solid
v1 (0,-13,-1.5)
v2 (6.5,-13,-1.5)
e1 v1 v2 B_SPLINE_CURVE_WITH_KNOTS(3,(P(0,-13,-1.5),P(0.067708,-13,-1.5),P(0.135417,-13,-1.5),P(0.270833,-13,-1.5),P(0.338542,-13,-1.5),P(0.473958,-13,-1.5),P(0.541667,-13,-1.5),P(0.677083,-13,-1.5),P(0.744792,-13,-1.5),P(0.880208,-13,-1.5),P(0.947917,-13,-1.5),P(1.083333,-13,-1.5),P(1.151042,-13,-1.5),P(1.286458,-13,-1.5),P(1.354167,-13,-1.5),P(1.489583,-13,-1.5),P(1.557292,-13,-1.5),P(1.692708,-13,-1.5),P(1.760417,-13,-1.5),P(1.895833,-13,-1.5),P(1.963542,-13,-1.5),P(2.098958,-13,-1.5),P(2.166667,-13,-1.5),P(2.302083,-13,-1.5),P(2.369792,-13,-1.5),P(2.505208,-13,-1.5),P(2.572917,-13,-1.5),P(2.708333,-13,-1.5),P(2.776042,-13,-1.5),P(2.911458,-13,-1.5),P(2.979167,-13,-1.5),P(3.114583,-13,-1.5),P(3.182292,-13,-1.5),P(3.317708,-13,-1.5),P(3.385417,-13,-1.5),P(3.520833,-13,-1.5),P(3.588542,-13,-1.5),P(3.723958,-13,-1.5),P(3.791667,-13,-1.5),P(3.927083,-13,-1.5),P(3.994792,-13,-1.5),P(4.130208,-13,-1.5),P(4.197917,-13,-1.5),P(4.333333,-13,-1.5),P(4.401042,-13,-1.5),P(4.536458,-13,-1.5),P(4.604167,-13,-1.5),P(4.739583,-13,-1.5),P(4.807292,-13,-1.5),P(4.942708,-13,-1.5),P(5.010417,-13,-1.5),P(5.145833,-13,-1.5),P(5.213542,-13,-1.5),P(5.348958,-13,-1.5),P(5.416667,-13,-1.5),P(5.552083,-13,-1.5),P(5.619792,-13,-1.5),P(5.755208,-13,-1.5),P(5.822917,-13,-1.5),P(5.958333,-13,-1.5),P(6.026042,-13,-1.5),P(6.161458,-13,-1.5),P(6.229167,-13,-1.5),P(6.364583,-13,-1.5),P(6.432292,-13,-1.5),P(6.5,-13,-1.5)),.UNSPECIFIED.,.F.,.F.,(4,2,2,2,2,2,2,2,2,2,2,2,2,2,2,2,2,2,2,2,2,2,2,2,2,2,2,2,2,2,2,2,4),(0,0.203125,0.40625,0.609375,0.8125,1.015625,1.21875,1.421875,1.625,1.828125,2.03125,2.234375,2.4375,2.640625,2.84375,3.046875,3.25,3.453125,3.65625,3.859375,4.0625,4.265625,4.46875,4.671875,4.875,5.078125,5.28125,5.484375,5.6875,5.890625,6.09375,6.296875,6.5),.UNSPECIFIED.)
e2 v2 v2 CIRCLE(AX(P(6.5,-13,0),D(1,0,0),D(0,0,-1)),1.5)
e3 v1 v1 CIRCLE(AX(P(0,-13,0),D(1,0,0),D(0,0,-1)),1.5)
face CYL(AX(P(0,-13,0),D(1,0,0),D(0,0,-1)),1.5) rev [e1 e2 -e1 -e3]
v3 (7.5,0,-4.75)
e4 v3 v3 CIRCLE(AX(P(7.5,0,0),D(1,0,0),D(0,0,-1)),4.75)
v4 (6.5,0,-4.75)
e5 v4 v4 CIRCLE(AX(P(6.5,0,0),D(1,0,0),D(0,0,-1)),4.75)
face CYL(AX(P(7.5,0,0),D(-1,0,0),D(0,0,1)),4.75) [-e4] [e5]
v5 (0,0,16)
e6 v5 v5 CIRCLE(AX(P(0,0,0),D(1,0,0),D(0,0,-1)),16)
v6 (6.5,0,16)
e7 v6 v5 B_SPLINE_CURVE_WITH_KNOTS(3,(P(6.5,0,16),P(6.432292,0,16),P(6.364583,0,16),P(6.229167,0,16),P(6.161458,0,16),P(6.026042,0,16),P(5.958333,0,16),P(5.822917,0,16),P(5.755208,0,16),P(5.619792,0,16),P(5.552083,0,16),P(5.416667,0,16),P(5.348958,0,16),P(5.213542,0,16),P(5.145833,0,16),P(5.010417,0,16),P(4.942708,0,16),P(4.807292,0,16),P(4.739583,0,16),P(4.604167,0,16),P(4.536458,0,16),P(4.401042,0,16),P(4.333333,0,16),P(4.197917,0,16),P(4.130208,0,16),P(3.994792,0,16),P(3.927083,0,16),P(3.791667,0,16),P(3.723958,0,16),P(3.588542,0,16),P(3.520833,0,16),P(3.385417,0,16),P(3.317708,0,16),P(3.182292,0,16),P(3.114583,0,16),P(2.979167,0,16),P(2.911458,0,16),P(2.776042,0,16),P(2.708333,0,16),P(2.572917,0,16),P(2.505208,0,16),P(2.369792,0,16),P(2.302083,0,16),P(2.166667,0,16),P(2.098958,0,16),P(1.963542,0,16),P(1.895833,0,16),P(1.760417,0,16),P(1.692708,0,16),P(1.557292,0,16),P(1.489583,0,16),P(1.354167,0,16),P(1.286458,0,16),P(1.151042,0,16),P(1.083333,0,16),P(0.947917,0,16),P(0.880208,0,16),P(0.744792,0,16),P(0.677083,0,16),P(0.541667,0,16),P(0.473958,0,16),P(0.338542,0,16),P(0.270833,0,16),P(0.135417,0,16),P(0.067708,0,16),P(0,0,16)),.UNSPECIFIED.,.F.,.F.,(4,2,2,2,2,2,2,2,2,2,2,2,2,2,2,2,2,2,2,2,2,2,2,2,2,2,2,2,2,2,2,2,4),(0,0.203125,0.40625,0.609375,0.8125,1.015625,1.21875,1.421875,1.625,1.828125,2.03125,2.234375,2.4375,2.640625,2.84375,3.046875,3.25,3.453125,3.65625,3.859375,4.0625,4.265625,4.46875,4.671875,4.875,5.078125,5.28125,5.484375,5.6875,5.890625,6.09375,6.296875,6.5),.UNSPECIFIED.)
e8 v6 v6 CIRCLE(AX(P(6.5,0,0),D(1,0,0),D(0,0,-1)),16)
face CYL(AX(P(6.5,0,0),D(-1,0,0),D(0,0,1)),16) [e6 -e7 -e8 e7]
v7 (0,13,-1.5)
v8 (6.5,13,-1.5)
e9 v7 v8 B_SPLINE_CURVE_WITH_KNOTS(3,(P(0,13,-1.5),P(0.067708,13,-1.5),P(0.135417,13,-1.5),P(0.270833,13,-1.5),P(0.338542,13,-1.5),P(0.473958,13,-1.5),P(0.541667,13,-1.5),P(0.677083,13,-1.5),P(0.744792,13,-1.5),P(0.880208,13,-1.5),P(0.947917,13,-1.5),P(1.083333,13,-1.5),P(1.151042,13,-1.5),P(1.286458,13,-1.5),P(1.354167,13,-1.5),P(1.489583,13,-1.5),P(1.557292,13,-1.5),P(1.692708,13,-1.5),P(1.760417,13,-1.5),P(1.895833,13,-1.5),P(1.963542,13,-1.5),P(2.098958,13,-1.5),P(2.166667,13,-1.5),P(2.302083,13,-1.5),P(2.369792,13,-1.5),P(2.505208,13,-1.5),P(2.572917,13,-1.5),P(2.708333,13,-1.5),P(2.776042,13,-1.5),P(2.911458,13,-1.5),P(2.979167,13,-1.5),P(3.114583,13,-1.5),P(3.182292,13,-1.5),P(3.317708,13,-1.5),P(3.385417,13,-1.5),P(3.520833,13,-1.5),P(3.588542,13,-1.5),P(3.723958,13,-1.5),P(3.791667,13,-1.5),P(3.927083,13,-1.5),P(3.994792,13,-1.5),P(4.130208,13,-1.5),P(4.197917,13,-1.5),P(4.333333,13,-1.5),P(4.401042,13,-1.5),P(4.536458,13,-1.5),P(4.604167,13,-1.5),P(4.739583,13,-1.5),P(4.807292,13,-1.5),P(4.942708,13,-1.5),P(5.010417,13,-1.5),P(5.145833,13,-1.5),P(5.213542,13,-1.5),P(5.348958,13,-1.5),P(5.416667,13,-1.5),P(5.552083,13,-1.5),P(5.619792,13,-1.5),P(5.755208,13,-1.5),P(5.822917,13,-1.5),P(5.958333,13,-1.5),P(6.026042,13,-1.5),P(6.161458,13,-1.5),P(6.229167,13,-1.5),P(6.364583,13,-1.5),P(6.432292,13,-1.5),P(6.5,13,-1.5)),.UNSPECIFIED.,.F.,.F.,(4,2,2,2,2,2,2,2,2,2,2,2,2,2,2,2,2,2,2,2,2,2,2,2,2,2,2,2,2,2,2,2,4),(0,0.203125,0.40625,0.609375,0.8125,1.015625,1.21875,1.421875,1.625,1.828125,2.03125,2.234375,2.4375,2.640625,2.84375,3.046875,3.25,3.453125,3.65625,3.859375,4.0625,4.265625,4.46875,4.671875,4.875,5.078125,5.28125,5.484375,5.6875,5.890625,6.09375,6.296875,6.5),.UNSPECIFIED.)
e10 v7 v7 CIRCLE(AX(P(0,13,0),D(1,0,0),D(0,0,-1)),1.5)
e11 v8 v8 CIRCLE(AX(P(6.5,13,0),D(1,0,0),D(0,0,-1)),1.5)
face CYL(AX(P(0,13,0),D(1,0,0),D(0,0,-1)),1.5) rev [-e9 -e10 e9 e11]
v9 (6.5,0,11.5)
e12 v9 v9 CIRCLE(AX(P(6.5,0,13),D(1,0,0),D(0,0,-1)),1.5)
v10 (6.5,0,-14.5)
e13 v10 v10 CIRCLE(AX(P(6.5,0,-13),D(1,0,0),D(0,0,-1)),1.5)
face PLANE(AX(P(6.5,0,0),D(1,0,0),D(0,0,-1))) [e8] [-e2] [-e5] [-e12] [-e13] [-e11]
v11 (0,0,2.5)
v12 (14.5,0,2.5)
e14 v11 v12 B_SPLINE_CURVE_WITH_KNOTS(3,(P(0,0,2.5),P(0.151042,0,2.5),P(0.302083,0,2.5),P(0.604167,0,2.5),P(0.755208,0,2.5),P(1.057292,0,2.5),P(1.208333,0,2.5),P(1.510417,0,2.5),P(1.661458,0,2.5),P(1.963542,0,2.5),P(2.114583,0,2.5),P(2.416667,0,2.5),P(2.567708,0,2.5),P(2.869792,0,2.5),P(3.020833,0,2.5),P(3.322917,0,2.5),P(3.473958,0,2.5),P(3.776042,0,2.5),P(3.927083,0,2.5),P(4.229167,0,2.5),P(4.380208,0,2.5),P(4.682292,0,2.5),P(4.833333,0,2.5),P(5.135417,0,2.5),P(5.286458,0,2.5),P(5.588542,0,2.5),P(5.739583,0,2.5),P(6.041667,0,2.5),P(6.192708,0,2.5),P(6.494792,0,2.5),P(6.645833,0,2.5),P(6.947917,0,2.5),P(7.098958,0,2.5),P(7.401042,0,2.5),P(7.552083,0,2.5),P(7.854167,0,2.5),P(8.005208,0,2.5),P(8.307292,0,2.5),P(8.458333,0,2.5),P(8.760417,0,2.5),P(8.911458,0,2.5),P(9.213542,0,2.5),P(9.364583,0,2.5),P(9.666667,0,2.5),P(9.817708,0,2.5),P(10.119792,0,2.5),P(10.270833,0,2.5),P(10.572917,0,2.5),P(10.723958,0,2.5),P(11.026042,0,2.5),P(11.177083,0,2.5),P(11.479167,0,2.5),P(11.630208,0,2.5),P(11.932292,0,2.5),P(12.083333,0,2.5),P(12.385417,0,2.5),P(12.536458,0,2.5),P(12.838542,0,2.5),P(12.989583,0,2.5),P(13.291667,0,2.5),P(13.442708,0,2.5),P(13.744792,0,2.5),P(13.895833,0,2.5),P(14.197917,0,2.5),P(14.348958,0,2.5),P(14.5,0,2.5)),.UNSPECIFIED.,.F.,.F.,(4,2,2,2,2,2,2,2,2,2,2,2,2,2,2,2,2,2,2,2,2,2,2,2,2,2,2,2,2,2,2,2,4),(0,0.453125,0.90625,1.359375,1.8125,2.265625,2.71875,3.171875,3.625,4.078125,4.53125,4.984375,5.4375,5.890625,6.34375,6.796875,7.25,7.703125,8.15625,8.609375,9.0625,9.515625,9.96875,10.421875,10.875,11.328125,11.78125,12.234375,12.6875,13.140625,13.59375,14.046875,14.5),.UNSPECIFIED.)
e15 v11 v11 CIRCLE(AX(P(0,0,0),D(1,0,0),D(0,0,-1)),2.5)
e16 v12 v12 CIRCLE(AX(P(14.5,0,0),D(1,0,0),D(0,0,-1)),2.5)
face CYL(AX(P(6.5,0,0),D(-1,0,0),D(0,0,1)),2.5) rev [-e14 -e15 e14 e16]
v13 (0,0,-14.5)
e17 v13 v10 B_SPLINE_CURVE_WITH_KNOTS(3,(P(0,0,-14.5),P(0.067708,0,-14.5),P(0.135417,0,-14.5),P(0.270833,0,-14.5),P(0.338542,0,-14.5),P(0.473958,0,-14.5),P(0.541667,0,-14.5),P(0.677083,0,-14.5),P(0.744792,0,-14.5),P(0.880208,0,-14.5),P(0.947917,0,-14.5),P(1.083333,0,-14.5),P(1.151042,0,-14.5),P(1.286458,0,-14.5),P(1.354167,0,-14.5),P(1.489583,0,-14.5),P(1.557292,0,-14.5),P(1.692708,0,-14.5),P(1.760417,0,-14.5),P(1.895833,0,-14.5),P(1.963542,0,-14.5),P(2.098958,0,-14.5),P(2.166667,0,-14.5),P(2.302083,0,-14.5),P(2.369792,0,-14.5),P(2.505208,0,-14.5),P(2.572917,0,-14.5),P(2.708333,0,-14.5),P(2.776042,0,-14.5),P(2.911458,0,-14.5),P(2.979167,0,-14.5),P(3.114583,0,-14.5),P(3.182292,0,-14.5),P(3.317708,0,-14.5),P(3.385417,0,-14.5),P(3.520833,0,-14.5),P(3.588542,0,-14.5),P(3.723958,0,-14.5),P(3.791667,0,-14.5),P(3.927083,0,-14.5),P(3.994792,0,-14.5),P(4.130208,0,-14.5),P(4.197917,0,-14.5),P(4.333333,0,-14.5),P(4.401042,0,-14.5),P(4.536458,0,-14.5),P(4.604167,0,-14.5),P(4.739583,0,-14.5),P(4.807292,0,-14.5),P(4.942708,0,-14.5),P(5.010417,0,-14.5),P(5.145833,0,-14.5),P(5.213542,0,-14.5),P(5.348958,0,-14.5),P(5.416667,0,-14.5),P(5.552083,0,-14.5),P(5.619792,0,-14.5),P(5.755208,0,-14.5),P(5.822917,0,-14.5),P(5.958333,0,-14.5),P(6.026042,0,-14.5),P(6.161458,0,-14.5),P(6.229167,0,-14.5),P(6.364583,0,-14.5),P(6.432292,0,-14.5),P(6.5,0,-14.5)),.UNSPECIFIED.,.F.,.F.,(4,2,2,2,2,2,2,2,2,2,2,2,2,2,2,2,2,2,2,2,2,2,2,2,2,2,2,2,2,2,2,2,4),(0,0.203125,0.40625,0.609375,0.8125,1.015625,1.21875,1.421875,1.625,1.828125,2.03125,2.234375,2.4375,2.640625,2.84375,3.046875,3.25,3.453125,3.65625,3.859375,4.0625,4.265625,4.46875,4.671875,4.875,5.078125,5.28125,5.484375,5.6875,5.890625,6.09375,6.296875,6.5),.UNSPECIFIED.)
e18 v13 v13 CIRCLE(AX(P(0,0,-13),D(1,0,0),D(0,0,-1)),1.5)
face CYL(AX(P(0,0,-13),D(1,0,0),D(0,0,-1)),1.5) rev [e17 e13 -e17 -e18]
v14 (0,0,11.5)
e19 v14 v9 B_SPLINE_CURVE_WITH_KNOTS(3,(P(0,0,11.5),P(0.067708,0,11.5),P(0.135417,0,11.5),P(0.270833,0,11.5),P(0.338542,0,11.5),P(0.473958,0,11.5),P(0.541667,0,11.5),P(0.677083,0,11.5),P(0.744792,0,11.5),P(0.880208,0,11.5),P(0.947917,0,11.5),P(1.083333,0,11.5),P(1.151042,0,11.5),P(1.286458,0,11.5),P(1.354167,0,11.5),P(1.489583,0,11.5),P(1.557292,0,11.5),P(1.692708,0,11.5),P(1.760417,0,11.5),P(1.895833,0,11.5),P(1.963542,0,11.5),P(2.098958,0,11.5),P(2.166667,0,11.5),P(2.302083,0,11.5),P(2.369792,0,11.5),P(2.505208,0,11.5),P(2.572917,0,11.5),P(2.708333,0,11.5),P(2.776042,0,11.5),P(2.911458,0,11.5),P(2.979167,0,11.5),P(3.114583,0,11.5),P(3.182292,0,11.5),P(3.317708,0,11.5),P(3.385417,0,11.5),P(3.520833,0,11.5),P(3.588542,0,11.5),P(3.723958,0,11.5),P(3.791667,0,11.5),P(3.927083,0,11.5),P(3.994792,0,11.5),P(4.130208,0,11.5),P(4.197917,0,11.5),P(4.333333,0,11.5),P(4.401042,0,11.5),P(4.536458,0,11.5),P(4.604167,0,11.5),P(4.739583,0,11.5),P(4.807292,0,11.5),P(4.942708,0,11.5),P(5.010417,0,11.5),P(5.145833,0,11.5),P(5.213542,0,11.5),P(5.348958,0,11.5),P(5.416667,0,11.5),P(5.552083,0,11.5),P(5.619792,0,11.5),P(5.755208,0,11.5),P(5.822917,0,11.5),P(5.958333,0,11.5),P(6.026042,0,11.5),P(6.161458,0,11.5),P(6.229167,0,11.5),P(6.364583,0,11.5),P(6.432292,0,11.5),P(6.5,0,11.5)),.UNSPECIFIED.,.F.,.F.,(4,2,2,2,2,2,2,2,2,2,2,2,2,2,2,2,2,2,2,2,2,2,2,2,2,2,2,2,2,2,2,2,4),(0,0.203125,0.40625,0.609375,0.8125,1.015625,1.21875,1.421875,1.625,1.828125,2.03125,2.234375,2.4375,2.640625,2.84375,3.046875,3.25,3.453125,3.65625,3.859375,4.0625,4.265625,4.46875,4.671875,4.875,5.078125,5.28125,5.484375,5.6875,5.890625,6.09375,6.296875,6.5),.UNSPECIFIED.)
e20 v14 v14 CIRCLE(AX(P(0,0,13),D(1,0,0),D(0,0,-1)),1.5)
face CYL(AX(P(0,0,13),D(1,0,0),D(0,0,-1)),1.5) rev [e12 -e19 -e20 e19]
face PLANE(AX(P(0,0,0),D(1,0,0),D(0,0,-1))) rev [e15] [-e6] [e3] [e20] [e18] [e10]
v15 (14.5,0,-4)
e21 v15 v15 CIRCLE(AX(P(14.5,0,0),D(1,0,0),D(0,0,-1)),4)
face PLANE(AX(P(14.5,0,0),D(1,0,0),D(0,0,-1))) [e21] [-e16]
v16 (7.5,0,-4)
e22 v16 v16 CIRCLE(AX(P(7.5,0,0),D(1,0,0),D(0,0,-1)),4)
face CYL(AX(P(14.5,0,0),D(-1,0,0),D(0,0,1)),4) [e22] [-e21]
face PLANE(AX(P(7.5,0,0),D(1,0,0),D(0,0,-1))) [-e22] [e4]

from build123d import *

# Parameters (mm, degrees)
SKETCH1_R           = 16
SKETCH1_R_2         = 2.5
BOSS_EXTRUDE1_DEPTH = 6.5
SKETCH2_R           = 1.5
CUT_EXTRUDE1_DEPTH  = 24.542514734
SKETCH4_R           = 4.75
SKETCH4_R_2         = 2.5
BOSS_EXTRUDE2_DEPTH = 1
SKETCH5_R           = 4
SKETCH5_R_2         = 2.5
BOSS_EXTRUDE3_DEPTH = 7


with BuildPart() as part:
    # Sketch1 → Boss-Extrude1 (new body)
    with BuildSketch(Plane(origin=(0, 0, 0), x_dir=(0, 0, -1), z_dir=(1, 0, 0))):
        with Locations(Location((0, 0, 0), (0, 0, 180))):
            Circle(SKETCH1_R)
        with Locations(Location((0, 0, 0), (0, 0, 180))):
            Circle(SKETCH1_R_2, mode=Mode.SUBTRACT)
    extrude(amount=BOSS_EXTRUDE1_DEPTH)

    # Sketch2 → Cut-Extrude1 (cut, through all)
    with BuildSketch(Plane(origin=(6.5, 0, 0), x_dir=(0, 0, -1), z_dir=(1, 0, 0))):
        with Locations((0, 13)):
            Circle(SKETCH2_R)
        with Locations((13, 0)):
            Circle(SKETCH2_R)
        with Locations((0, -13)):
            Circle(SKETCH2_R)
        with Locations((-13, 0)):
            Circle(SKETCH2_R)
    extrude(amount=-CUT_EXTRUDE1_DEPTH, mode=Mode.SUBTRACT)

    # Sketch4 → Boss-Extrude2 (add)
    with BuildSketch(Plane(origin=(6.5, 0, 0), x_dir=(0, 0, -1), z_dir=(1, 0, 0))):
        Circle(SKETCH4_R)
        with Locations(Location((0, 0, 0), (0, 0, 180))):
            Circle(SKETCH4_R_2, mode=Mode.SUBTRACT)
    extrude(amount=BOSS_EXTRUDE2_DEPTH)

    # Sketch5 → Boss-Extrude3 (add)
    with BuildSketch(Plane(origin=(7.5, 0, 0), x_dir=(0, 0, -1), z_dir=(1, 0, 0))):
        Circle(SKETCH5_R)
        with Locations(Location((0, 0, 0), (0, 0, 180))):
            Circle(SKETCH5_R_2, mode=Mode.SUBTRACT)
    extrude(amount=BOSS_EXTRUDE3_DEPTH)


solid = part.part
